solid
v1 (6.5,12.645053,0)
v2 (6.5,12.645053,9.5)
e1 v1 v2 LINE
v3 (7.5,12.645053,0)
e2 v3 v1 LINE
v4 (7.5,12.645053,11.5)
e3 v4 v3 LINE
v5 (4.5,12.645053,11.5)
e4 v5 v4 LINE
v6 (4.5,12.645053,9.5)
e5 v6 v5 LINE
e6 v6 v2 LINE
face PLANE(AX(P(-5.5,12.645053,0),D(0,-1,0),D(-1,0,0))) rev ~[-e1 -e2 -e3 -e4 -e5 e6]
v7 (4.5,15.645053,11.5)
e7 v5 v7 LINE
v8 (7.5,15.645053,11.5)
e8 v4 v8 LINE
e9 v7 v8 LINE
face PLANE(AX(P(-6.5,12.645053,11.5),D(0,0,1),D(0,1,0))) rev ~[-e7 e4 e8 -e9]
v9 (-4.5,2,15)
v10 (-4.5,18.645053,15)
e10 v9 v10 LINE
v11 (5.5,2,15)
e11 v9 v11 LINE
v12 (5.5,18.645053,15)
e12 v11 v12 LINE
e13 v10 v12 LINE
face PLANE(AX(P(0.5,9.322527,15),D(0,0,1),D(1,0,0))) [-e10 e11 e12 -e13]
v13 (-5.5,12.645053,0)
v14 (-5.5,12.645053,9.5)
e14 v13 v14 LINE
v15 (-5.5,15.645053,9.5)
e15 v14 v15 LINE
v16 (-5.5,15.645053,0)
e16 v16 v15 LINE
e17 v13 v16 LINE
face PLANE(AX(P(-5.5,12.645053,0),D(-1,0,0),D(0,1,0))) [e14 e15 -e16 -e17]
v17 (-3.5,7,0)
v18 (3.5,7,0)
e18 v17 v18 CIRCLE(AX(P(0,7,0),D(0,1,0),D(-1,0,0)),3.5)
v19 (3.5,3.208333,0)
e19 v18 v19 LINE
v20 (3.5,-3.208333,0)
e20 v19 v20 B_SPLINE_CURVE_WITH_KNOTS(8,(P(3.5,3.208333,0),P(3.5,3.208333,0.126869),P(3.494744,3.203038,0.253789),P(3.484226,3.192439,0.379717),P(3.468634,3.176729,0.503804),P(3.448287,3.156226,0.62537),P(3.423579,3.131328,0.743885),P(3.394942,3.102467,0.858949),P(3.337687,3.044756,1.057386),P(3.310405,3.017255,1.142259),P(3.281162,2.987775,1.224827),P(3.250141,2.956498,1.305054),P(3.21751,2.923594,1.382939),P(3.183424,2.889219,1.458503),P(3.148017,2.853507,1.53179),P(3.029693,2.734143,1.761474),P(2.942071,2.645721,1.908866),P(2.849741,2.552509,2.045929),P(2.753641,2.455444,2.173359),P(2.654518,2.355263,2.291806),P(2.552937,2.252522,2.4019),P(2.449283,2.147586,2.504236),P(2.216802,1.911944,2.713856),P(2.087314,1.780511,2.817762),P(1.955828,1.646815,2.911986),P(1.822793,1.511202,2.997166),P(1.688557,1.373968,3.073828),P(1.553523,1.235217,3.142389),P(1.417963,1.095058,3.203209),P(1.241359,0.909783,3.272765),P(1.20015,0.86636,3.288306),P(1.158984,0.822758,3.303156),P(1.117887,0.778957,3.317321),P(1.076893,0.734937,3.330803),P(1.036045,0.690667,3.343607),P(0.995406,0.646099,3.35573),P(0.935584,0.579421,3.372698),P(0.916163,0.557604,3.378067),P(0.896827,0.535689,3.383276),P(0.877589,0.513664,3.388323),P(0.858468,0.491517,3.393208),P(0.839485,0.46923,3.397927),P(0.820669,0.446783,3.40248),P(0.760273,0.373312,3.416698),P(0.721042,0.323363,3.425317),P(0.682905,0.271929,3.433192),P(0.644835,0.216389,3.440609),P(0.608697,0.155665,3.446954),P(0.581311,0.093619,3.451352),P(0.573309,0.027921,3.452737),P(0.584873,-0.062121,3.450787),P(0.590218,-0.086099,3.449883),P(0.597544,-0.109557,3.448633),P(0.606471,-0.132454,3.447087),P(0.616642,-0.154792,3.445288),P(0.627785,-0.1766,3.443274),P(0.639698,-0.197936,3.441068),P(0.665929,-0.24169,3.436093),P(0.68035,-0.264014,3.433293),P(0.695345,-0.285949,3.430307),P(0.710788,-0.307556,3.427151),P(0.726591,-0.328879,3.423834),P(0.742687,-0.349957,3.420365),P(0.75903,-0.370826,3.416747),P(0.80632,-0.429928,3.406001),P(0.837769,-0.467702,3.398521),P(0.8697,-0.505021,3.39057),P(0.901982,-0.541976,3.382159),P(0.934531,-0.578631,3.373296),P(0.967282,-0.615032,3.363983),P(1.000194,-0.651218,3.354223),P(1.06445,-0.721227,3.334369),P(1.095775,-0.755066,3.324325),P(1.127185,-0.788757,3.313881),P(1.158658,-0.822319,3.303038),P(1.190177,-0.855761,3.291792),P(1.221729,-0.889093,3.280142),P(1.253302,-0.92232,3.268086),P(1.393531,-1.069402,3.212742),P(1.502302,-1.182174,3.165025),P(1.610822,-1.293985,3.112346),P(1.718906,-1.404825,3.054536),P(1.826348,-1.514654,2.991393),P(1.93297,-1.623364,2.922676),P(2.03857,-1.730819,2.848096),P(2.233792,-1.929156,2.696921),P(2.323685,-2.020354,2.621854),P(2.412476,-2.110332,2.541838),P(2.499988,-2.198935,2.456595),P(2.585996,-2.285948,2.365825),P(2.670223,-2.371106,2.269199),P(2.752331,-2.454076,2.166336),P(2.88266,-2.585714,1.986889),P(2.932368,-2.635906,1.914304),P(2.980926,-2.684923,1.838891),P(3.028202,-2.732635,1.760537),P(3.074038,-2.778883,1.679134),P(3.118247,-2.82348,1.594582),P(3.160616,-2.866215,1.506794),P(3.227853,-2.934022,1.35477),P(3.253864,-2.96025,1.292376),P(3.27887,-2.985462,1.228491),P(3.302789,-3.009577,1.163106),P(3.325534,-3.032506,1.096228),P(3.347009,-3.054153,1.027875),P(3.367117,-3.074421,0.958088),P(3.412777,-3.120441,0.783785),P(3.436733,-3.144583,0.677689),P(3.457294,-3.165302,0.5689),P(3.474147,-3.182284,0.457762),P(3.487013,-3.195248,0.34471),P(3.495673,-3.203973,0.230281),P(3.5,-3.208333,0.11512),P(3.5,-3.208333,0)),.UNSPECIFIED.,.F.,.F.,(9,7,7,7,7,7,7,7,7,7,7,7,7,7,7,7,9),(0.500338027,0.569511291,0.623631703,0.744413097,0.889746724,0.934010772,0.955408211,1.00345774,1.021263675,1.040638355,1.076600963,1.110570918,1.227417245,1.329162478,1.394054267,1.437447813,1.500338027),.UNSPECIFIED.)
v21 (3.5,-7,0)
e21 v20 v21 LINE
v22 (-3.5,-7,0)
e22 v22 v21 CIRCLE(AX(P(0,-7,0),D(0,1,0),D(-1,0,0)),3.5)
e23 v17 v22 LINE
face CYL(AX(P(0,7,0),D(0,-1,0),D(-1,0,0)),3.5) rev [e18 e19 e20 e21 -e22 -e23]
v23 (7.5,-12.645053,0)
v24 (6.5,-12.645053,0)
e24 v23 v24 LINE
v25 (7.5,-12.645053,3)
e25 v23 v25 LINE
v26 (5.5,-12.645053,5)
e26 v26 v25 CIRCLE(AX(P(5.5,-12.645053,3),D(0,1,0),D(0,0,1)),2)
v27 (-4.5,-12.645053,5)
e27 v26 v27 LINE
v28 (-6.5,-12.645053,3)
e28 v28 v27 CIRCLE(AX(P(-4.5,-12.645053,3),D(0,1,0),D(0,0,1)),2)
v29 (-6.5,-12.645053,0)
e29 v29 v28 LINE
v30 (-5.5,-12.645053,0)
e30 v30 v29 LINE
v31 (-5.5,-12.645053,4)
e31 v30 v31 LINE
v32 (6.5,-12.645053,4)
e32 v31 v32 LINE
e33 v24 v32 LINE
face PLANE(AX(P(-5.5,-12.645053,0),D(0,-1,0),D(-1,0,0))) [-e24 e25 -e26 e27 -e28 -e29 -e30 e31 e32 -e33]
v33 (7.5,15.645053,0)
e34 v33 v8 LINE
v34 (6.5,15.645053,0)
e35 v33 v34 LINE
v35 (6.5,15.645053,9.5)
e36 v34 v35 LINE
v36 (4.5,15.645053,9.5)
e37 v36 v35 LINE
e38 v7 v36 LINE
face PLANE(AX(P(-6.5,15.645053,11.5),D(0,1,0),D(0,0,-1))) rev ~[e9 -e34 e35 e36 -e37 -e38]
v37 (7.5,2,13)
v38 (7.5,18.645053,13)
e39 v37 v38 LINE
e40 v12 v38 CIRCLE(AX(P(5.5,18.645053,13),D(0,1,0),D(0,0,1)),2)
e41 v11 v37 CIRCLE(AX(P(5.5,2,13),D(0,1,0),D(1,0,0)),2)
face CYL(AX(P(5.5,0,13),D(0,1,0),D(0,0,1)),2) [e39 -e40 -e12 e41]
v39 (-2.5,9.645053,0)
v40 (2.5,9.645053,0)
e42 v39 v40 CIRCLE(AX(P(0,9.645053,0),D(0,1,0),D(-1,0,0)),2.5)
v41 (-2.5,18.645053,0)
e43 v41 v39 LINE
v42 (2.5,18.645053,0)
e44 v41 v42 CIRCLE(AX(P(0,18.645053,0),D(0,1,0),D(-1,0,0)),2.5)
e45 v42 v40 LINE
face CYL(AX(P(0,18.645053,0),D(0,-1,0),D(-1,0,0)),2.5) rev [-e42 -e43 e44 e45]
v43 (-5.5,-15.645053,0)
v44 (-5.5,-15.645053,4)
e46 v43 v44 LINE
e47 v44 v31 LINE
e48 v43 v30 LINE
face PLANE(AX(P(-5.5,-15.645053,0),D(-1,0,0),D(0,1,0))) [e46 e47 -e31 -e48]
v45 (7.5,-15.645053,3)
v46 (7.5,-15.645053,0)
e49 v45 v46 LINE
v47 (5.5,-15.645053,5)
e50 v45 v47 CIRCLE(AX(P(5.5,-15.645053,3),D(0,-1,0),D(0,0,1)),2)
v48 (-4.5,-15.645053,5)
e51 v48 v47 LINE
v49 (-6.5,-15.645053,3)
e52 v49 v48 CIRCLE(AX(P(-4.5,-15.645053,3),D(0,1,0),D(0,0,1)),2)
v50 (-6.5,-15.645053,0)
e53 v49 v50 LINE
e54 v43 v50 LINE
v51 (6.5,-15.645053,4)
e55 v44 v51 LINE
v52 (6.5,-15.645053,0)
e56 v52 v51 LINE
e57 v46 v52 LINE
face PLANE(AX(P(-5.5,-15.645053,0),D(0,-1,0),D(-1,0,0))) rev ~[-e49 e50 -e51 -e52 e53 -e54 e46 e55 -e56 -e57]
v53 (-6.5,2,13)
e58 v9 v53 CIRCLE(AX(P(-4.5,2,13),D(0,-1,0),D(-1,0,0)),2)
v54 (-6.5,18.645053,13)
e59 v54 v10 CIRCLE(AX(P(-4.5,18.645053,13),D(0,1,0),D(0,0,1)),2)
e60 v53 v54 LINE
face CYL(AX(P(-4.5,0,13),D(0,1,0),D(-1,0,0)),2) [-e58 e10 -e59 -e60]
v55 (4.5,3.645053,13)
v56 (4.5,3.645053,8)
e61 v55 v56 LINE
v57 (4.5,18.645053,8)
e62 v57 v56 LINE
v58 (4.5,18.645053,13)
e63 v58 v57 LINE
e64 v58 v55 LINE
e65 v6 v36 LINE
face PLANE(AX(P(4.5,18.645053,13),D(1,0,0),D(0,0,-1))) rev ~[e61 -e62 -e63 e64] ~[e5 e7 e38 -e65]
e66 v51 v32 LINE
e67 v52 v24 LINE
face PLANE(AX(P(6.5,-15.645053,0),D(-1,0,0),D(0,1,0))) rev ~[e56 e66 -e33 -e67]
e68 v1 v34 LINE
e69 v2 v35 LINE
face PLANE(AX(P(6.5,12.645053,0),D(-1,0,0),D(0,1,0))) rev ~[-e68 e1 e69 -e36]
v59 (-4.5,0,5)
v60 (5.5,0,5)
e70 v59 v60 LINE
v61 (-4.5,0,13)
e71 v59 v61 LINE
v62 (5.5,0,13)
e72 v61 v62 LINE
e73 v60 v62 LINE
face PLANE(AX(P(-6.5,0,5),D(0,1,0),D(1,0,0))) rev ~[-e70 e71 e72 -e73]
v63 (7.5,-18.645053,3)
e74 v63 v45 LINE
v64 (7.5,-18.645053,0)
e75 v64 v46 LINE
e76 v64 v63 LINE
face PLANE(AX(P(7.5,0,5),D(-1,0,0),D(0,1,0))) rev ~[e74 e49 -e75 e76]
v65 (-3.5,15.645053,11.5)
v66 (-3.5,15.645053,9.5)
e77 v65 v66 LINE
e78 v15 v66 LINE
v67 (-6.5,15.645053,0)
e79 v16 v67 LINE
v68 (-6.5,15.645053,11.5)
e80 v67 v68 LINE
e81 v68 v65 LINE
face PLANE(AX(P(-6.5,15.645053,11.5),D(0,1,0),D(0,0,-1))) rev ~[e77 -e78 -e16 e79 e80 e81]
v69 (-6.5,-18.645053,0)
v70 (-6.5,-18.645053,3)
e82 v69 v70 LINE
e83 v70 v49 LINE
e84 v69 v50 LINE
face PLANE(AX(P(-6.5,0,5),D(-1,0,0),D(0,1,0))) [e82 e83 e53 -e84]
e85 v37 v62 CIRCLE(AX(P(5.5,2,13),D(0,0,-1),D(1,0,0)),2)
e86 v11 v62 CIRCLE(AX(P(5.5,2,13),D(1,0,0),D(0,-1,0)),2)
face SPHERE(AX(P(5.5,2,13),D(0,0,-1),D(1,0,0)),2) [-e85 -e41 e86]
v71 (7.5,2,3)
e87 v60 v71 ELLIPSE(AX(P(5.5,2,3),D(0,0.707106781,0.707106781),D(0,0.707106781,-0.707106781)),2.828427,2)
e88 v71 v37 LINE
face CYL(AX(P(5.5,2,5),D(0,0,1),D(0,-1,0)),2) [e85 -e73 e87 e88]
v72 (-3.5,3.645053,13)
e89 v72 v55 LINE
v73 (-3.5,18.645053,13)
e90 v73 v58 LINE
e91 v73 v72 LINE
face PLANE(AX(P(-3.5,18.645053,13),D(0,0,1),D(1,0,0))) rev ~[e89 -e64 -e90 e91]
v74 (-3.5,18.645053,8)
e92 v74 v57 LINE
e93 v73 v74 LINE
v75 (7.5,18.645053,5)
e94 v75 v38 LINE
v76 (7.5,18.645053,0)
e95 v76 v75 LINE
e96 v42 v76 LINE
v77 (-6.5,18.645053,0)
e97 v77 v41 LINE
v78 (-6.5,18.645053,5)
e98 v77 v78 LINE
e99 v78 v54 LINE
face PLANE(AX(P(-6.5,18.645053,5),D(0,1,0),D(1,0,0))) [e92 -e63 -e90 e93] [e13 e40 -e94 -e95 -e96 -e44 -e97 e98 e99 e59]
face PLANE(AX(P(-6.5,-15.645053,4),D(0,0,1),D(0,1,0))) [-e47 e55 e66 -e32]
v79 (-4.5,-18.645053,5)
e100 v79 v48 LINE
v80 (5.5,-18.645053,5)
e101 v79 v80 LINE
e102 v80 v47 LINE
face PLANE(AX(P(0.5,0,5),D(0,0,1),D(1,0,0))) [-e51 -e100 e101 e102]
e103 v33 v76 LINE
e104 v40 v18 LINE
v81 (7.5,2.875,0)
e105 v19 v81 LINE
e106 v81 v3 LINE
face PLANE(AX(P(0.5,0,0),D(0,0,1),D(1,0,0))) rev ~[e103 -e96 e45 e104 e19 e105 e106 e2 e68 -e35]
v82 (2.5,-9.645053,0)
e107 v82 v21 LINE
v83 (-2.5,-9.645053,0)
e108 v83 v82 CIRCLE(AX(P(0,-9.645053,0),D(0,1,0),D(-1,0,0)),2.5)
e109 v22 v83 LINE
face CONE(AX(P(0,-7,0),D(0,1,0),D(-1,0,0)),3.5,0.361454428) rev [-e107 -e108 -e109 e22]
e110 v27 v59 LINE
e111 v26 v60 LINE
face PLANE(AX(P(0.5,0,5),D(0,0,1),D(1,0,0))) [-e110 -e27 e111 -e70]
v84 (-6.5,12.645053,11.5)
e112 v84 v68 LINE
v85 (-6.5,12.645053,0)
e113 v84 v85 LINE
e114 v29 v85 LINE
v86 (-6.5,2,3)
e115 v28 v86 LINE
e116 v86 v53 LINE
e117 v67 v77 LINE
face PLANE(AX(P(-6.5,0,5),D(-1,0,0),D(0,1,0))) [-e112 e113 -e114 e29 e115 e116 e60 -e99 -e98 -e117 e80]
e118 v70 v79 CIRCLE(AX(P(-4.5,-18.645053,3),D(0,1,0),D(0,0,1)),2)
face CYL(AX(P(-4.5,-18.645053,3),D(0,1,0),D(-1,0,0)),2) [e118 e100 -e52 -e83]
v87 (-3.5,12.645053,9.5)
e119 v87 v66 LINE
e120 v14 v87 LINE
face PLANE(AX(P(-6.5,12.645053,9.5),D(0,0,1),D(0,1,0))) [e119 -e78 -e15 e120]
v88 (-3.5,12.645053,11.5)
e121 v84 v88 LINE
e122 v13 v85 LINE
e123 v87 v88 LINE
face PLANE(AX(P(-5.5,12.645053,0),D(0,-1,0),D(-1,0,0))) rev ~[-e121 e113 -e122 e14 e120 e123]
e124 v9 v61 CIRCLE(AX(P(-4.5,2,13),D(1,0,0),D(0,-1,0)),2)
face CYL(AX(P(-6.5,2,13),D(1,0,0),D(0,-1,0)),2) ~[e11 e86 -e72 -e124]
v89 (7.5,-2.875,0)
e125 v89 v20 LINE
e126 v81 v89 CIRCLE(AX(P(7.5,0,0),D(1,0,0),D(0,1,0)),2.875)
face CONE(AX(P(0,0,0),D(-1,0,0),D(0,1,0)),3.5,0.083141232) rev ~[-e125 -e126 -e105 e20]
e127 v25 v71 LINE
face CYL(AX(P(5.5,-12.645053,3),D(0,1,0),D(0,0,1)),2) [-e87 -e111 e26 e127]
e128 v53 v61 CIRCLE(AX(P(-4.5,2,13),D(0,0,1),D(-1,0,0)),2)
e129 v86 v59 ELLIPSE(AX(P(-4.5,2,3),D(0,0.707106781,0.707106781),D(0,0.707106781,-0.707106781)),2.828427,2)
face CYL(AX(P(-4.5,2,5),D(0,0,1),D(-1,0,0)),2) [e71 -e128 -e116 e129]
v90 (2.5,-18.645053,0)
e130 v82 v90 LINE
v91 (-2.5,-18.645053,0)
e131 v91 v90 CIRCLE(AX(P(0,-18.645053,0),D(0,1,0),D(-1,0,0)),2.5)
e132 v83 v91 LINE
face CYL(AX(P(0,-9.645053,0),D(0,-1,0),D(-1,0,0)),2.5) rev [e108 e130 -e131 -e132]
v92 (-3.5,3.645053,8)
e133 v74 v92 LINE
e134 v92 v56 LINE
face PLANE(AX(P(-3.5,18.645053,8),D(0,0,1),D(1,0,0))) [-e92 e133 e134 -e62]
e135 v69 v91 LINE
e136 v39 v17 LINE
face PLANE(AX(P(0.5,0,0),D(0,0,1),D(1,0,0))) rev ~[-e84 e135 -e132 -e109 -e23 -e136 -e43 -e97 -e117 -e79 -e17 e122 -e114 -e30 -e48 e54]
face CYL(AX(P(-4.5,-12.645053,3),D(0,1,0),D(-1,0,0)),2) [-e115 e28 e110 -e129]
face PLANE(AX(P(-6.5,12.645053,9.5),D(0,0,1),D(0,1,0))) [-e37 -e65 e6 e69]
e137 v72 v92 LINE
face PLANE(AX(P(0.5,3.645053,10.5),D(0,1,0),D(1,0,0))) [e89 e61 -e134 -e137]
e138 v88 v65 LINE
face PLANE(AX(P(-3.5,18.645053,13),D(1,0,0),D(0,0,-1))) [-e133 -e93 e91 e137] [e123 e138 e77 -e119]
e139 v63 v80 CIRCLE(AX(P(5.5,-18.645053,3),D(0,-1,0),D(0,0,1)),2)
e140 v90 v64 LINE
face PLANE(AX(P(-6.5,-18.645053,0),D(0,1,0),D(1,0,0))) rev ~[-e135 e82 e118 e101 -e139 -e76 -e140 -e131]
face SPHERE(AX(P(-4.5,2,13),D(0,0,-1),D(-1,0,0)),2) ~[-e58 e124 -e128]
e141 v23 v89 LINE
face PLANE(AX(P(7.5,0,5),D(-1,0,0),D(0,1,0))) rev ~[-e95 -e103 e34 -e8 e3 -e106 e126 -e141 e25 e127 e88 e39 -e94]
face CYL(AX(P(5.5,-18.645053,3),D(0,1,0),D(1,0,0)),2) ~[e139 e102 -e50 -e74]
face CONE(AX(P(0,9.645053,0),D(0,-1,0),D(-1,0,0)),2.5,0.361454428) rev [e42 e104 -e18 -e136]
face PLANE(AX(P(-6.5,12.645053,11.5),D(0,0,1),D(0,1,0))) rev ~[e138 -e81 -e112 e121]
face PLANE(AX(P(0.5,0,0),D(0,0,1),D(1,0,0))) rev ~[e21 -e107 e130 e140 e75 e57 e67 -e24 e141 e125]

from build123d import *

# Parameters (mm, degrees)
CROQUIS2_W              = 14
CROQUIS2_H              = 37.290106074
SALIENTE_EXTRUIR1_DEPTH = 5
CROQUIS6_W              = 14
CROQUIS6_H              = 18.645053037
SALIENTE_EXTRUIR2_DEPTH = 10
CROQUIS4_W              = 1
CROQUIS4_H              = 3
CORTAR_EXTRUIR2_DEPTH   = 9.5
CORTAR_EXTRUIR3_START   = -13
CROQUIS5_W              = 2
CROQUIS5_H              = 3
CROQUIS5_W_2            = 3.958309594
CORTAR_EXTRUIR3_DEPTH   = 14
CROQUIS7_W              = 8
CROQUIS7_H              = 5
CORTAR_EXTRUIR4_DEPTH   = 15
REDONDEO1_R             = 2


with BuildPart() as part:
    # Croquis2 → Saliente-Extruir1 (new body)
    with BuildSketch(Plane.XY):
        with Locations((0.5, 0)):
            Rectangle(CROQUIS2_W, CROQUIS2_H)
    extrude(amount=SALIENTE_EXTRUIR1_DEPTH)

    # Croquis2<4> → Cortar-Revolución1 (revolve, cut)
    with BuildSketch(Plane.XY):
        Polygon((-2.5, -18.645053037), (0, -18.645053037), (0, 18.645053037), (-2.5, 18.645053037), (-2.5, 9.645053037), (-3.5, 7), (-3.5, -7), (-2.5, -9.645053037), align=None)
    revolve(axis=Axis((0, 7, 0), (0, 1, 0)), mode=Mode.SUBTRACT)

    # Croquis3 → Cortar-Revolución2 (revolve, cut)
    with BuildSketch(Plane(origin=(0, 0, 0), x_dir=(-1, 0, 0), z_dir=(0, 0, -1))):
        Polygon((0, 0), (0, 3.5), (-12, 2.5), (-12, 0), align=None)
    revolve(axis=Axis((0, 0, 0), (1, 0, 0)), mode=Mode.SUBTRACT)

    # Croquis6 → Saliente-Extruir2 (add)
    with BuildSketch(Plane.XY.offset(5)):
        with Locations((0.5, 9.322526519)):
            Rectangle(CROQUIS6_W, CROQUIS6_H)
    extrude(amount=SALIENTE_EXTRUIR2_DEPTH)

    # Croquis4 → Cortar-Extruir2 (cut)
    with BuildSketch(Plane(origin=(0, 0, 0), x_dir=(-1, 0, 0), z_dir=(0, 0, -1))):
        with Locations((-7, 14.145053037)):
            Rectangle(CROQUIS4_W, CROQUIS4_H)
        with Locations((6, 14.145053037)):
            Rectangle(CROQUIS4_W, CROQUIS4_H)
        with Locations((6, -14.145053037)):
            Rectangle(CROQUIS4_W, CROQUIS4_H)
        with Locations((-7, -14.145053037)):
            Rectangle(CROQUIS4_W, CROQUIS4_H)
    extrude(amount=-CORTAR_EXTRUIR2_DEPTH, mode=Mode.SUBTRACT)

    # Croquis5 → Cortar-Extruir3 (cut)
    with BuildSketch(Plane(origin=(6.5, 0, 0), x_dir=(0, 0, -1), z_dir=(1, 0, 0)).offset(CORTAR_EXTRUIR3_START)):
        with Locations((-10.5, 14.145053037)):
            Rectangle(CROQUIS5_W, CROQUIS5_H)
        with Locations((-5.979154797, -14.145053037)):
            Rectangle(CROQUIS5_W_2, CROQUIS5_H)
    extrude(amount=CORTAR_EXTRUIR3_DEPTH, mode=Mode.SUBTRACT)

    # Croquis7 → Cortar-Extruir4 (cut)
    with BuildSketch(Plane(origin=(0, 18.645053037, 0), x_dir=(1, 0, 0), z_dir=(0, 1, 0))):
        with Locations((0.5, -10.5)):
            Rectangle(CROQUIS7_W, CROQUIS7_H)
    extrude(amount=-CORTAR_EXTRUIR4_DEPTH, mode=Mode.SUBTRACT)

    # Redondeo1
    redondeo1_edges = [part.edges().sort_by_distance(p)[0] for p in [
        (-6.5, -6.322526519, 5),
        (7.5, -6.322526519, 5),
        (7.5, 0, 10),
        (-6.5, 0, 10),
        (7.5, 9.322526519, 15),
        (-6.5, 9.322526519, 15),
        (0.5, 0, 15),
        (7.5, -17.145053037, 5),
        (-6.5, -17.145053037, 5),
    ]]
    fillet(redondeo1_edges, radius=REDONDEO1_R)


solid = part.part
